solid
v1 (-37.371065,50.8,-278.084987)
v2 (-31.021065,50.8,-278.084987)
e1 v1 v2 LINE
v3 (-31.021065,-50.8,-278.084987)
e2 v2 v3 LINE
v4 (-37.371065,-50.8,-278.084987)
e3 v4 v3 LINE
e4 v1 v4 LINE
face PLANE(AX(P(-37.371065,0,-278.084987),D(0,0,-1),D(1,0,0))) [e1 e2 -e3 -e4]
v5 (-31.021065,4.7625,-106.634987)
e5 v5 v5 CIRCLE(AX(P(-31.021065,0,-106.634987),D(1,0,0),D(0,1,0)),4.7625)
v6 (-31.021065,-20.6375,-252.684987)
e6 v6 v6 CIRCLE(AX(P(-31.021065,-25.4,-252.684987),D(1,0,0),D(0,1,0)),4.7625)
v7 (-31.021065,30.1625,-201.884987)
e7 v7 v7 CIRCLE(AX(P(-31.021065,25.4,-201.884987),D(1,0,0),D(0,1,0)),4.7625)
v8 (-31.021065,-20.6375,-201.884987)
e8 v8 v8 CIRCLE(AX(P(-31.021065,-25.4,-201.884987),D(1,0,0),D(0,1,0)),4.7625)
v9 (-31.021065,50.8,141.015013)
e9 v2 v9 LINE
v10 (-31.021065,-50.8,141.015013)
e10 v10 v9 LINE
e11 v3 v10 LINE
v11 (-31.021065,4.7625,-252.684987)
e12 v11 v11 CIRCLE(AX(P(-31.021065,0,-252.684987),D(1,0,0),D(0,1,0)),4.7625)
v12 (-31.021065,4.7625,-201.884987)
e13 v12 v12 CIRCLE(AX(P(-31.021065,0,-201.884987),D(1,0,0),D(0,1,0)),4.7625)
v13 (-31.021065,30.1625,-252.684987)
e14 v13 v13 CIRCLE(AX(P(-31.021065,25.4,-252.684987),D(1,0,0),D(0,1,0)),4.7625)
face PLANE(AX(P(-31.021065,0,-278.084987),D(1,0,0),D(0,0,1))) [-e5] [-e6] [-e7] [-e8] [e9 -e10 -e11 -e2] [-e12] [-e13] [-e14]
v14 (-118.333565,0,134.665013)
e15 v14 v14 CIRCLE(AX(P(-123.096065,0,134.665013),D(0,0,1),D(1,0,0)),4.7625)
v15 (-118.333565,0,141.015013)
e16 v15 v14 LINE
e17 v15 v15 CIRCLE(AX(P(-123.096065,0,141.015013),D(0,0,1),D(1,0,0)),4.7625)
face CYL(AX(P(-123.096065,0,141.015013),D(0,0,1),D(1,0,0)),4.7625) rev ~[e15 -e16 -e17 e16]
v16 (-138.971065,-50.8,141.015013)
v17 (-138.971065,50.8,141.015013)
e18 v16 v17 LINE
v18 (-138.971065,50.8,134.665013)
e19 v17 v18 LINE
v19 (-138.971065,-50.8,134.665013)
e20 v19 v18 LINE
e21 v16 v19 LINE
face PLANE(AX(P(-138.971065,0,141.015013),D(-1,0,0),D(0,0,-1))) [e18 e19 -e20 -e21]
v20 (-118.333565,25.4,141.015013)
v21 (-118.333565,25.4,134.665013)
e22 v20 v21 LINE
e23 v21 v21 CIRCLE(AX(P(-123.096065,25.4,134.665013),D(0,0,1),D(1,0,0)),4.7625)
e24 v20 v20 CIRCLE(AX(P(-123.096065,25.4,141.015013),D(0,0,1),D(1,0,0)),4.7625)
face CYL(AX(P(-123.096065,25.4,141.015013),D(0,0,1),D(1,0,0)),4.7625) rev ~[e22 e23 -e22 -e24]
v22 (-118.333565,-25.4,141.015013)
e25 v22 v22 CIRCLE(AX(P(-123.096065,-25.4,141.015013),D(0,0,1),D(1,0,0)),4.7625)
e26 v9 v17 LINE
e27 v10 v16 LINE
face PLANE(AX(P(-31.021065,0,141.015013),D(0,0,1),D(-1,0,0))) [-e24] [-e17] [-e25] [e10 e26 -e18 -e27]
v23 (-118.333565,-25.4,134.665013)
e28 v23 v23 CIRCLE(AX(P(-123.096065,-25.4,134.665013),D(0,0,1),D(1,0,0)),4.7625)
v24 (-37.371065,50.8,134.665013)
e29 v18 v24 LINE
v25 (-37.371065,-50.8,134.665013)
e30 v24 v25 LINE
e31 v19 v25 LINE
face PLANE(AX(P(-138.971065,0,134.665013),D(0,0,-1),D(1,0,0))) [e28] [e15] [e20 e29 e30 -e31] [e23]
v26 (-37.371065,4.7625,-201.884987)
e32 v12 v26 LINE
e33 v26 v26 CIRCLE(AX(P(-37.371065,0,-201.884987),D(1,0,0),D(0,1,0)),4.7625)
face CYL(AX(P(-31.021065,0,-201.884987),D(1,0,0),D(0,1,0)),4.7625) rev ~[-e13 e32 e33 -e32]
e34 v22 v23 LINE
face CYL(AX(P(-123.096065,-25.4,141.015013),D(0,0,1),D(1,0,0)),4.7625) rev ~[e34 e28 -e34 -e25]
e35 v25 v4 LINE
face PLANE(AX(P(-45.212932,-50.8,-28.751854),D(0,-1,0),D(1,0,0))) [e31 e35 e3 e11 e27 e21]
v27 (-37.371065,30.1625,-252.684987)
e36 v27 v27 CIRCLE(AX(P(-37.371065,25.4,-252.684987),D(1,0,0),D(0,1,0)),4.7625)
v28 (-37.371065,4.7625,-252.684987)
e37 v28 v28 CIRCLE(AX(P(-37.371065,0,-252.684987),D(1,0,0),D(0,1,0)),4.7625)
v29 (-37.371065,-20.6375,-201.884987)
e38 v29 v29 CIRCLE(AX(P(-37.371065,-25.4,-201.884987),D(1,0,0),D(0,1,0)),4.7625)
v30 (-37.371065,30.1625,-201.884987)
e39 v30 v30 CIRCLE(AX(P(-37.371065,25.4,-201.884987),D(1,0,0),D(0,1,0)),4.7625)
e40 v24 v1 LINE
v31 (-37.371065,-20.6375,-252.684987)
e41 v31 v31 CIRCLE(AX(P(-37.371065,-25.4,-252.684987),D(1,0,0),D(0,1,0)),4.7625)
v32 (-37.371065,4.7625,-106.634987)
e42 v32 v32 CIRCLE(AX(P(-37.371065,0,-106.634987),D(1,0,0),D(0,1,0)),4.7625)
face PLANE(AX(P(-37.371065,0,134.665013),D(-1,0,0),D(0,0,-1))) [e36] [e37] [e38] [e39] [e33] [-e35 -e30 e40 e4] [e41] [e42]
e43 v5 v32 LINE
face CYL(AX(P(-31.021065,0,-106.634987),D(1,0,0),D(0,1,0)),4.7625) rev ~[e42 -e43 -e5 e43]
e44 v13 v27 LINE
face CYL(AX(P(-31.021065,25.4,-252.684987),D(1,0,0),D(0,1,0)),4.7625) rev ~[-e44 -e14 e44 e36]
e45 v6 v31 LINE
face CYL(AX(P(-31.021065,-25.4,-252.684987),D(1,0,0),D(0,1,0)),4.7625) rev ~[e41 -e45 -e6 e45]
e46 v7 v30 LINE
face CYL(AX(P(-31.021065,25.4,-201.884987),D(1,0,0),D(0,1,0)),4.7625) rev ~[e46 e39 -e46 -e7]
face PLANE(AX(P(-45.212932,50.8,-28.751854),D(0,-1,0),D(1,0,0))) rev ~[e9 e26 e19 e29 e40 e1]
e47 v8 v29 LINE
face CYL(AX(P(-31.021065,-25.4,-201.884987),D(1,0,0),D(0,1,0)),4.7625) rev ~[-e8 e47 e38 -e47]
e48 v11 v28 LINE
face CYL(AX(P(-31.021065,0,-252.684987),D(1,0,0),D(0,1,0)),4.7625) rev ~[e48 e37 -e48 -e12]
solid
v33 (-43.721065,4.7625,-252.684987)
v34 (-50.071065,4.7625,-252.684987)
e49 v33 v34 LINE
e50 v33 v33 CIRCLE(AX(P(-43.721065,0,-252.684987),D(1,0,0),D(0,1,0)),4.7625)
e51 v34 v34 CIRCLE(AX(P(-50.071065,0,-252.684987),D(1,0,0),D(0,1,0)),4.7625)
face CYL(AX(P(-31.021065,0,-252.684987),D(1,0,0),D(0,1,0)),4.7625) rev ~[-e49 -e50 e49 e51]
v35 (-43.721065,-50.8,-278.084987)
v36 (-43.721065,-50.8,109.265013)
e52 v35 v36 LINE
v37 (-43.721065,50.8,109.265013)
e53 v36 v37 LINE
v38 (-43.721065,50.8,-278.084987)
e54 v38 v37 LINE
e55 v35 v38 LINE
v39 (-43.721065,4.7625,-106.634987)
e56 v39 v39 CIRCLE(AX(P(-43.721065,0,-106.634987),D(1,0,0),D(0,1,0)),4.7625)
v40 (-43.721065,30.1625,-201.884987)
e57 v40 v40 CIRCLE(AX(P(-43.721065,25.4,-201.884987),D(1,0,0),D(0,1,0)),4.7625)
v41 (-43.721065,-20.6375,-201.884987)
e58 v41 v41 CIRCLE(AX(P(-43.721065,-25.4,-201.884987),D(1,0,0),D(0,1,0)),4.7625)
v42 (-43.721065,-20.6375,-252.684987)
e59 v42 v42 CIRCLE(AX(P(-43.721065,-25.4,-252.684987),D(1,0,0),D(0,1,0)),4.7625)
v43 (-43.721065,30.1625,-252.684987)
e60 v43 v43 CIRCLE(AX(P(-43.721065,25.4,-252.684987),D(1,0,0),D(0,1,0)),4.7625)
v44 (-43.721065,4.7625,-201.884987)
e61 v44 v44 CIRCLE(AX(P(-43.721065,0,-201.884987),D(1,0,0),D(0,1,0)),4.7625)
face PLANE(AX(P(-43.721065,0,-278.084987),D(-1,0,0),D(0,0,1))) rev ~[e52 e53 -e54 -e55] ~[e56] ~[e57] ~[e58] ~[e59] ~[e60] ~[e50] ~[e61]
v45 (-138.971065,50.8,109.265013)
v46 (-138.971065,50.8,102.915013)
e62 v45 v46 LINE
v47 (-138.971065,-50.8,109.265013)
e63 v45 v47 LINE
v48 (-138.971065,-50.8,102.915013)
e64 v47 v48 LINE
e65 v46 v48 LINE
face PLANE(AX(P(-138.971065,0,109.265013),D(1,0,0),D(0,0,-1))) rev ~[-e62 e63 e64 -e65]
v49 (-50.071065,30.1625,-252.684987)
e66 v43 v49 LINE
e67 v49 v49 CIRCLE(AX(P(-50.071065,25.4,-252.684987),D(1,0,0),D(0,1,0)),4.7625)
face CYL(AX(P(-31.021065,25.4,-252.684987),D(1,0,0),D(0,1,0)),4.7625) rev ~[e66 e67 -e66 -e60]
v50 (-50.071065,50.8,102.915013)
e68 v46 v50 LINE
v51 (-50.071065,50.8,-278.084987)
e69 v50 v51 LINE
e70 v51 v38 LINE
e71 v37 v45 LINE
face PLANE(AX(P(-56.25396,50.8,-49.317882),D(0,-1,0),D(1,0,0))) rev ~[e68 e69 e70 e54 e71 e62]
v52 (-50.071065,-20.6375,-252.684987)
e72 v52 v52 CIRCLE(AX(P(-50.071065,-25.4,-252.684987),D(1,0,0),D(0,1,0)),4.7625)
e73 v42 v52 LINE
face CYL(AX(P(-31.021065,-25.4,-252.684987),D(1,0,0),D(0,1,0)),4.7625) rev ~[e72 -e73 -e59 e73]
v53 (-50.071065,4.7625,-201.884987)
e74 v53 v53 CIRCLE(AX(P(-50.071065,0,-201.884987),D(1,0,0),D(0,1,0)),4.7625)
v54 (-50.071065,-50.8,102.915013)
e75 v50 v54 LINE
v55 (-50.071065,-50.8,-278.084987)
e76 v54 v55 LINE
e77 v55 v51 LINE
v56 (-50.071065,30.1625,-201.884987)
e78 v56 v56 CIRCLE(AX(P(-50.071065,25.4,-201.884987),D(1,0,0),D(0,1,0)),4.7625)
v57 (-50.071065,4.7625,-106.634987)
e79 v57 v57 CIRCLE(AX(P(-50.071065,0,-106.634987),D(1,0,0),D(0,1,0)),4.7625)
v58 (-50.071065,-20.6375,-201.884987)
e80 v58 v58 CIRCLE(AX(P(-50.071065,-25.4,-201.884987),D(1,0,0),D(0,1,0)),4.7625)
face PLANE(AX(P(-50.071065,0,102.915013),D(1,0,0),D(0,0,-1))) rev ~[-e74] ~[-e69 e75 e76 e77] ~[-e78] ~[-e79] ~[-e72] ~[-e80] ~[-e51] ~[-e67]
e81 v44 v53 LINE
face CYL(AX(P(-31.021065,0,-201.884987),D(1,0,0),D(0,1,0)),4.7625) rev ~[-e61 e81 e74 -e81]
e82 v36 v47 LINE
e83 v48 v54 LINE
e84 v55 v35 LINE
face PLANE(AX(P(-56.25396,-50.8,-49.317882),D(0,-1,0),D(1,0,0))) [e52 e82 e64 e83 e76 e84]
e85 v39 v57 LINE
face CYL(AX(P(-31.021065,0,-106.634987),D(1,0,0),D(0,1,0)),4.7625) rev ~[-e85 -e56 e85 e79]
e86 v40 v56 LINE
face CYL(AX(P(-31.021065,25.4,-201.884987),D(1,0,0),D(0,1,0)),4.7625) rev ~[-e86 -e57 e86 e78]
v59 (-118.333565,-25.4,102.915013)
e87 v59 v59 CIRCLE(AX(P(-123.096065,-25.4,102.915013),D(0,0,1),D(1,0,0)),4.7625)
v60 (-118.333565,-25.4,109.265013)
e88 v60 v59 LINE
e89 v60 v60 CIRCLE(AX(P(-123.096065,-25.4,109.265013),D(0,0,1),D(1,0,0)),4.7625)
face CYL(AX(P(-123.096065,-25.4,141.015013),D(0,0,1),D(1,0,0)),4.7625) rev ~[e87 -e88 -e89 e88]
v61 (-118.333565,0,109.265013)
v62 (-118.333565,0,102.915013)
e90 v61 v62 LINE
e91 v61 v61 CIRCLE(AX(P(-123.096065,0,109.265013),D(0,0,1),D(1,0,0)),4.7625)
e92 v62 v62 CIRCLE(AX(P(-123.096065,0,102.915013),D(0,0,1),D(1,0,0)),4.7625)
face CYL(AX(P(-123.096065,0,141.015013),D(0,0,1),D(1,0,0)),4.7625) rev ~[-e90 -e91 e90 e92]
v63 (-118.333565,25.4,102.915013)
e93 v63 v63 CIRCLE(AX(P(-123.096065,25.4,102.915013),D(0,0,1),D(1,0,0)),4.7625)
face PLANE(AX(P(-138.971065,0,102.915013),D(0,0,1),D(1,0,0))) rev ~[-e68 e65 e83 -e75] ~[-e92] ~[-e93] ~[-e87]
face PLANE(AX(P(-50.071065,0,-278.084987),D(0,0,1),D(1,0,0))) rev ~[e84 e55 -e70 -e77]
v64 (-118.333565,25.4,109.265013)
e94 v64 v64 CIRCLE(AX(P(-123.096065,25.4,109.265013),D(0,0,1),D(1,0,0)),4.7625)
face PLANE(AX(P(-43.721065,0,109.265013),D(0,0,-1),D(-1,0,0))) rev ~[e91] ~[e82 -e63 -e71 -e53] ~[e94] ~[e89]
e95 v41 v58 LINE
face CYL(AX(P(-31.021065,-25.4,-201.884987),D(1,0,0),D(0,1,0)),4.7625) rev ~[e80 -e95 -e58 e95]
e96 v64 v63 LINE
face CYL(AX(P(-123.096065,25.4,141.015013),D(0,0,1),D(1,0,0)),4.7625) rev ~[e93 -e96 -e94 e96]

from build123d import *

# Parameters (mm, degrees)
F1_DEPTH = 50.8
F2_R     = 4.7625
F3_DEPTH = 107.951
F4_R     = 4.7625
F5_DEPTH = 419.101


with BuildPart() as f1:
    # F0 (on Front) → F1 (new body, symmetric)
    with BuildSketch(Plane.XZ):
        Polygon((-43.721065, 109.265013), (-138.971065, 109.265013), (-138.971065, 102.915013), (-50.071065, 102.915013), (-50.071065, -278.084987), (-43.721065, -278.084987), align=None)
        Polygon((-138.971065, 134.665013), (-37.371065, 134.665013), (-37.371065, -278.084987), (-31.021065, -278.084987), (-31.021065, 141.015013), (-138.971065, 141.015013), align=None)
    extrude(amount=F1_DEPTH, both=True)

    # F2 (on face) → F3 (cut, through all)
    with BuildSketch(Plane.YZ.offset(-31.021065)):
        with Locations((-25.4, -252.684987)):
            Circle(F2_R)
        with Locations((-25.4, -201.884987)):
            Circle(F2_R)
        with Locations((0, -252.684987)):
            Circle(F2_R)
        with Locations((0, -201.884987)):
            Circle(F2_R)
        with Locations((25.4, -252.684987)):
            Circle(F2_R)
        with Locations((25.4, -201.884987)):
            Circle(F2_R)
        with Locations((0, -106.634987)):
            Circle(F2_R)
    extrude(amount=-F3_DEPTH, mode=Mode.SUBTRACT)

    # F4 (on face) → F5 (cut, through all)
    with BuildSketch(Plane.XY.offset(141.015013)):
        with Locations((-123.096065, -25.4)):
            Circle(F4_R)
        with Locations((-123.096065, 0)):
            Circle(F4_R)
        with Locations((-123.096065, 25.4)):
            Circle(F4_R)
    extrude(amount=-F5_DEPTH, mode=Mode.SUBTRACT)


solid = f1.part
